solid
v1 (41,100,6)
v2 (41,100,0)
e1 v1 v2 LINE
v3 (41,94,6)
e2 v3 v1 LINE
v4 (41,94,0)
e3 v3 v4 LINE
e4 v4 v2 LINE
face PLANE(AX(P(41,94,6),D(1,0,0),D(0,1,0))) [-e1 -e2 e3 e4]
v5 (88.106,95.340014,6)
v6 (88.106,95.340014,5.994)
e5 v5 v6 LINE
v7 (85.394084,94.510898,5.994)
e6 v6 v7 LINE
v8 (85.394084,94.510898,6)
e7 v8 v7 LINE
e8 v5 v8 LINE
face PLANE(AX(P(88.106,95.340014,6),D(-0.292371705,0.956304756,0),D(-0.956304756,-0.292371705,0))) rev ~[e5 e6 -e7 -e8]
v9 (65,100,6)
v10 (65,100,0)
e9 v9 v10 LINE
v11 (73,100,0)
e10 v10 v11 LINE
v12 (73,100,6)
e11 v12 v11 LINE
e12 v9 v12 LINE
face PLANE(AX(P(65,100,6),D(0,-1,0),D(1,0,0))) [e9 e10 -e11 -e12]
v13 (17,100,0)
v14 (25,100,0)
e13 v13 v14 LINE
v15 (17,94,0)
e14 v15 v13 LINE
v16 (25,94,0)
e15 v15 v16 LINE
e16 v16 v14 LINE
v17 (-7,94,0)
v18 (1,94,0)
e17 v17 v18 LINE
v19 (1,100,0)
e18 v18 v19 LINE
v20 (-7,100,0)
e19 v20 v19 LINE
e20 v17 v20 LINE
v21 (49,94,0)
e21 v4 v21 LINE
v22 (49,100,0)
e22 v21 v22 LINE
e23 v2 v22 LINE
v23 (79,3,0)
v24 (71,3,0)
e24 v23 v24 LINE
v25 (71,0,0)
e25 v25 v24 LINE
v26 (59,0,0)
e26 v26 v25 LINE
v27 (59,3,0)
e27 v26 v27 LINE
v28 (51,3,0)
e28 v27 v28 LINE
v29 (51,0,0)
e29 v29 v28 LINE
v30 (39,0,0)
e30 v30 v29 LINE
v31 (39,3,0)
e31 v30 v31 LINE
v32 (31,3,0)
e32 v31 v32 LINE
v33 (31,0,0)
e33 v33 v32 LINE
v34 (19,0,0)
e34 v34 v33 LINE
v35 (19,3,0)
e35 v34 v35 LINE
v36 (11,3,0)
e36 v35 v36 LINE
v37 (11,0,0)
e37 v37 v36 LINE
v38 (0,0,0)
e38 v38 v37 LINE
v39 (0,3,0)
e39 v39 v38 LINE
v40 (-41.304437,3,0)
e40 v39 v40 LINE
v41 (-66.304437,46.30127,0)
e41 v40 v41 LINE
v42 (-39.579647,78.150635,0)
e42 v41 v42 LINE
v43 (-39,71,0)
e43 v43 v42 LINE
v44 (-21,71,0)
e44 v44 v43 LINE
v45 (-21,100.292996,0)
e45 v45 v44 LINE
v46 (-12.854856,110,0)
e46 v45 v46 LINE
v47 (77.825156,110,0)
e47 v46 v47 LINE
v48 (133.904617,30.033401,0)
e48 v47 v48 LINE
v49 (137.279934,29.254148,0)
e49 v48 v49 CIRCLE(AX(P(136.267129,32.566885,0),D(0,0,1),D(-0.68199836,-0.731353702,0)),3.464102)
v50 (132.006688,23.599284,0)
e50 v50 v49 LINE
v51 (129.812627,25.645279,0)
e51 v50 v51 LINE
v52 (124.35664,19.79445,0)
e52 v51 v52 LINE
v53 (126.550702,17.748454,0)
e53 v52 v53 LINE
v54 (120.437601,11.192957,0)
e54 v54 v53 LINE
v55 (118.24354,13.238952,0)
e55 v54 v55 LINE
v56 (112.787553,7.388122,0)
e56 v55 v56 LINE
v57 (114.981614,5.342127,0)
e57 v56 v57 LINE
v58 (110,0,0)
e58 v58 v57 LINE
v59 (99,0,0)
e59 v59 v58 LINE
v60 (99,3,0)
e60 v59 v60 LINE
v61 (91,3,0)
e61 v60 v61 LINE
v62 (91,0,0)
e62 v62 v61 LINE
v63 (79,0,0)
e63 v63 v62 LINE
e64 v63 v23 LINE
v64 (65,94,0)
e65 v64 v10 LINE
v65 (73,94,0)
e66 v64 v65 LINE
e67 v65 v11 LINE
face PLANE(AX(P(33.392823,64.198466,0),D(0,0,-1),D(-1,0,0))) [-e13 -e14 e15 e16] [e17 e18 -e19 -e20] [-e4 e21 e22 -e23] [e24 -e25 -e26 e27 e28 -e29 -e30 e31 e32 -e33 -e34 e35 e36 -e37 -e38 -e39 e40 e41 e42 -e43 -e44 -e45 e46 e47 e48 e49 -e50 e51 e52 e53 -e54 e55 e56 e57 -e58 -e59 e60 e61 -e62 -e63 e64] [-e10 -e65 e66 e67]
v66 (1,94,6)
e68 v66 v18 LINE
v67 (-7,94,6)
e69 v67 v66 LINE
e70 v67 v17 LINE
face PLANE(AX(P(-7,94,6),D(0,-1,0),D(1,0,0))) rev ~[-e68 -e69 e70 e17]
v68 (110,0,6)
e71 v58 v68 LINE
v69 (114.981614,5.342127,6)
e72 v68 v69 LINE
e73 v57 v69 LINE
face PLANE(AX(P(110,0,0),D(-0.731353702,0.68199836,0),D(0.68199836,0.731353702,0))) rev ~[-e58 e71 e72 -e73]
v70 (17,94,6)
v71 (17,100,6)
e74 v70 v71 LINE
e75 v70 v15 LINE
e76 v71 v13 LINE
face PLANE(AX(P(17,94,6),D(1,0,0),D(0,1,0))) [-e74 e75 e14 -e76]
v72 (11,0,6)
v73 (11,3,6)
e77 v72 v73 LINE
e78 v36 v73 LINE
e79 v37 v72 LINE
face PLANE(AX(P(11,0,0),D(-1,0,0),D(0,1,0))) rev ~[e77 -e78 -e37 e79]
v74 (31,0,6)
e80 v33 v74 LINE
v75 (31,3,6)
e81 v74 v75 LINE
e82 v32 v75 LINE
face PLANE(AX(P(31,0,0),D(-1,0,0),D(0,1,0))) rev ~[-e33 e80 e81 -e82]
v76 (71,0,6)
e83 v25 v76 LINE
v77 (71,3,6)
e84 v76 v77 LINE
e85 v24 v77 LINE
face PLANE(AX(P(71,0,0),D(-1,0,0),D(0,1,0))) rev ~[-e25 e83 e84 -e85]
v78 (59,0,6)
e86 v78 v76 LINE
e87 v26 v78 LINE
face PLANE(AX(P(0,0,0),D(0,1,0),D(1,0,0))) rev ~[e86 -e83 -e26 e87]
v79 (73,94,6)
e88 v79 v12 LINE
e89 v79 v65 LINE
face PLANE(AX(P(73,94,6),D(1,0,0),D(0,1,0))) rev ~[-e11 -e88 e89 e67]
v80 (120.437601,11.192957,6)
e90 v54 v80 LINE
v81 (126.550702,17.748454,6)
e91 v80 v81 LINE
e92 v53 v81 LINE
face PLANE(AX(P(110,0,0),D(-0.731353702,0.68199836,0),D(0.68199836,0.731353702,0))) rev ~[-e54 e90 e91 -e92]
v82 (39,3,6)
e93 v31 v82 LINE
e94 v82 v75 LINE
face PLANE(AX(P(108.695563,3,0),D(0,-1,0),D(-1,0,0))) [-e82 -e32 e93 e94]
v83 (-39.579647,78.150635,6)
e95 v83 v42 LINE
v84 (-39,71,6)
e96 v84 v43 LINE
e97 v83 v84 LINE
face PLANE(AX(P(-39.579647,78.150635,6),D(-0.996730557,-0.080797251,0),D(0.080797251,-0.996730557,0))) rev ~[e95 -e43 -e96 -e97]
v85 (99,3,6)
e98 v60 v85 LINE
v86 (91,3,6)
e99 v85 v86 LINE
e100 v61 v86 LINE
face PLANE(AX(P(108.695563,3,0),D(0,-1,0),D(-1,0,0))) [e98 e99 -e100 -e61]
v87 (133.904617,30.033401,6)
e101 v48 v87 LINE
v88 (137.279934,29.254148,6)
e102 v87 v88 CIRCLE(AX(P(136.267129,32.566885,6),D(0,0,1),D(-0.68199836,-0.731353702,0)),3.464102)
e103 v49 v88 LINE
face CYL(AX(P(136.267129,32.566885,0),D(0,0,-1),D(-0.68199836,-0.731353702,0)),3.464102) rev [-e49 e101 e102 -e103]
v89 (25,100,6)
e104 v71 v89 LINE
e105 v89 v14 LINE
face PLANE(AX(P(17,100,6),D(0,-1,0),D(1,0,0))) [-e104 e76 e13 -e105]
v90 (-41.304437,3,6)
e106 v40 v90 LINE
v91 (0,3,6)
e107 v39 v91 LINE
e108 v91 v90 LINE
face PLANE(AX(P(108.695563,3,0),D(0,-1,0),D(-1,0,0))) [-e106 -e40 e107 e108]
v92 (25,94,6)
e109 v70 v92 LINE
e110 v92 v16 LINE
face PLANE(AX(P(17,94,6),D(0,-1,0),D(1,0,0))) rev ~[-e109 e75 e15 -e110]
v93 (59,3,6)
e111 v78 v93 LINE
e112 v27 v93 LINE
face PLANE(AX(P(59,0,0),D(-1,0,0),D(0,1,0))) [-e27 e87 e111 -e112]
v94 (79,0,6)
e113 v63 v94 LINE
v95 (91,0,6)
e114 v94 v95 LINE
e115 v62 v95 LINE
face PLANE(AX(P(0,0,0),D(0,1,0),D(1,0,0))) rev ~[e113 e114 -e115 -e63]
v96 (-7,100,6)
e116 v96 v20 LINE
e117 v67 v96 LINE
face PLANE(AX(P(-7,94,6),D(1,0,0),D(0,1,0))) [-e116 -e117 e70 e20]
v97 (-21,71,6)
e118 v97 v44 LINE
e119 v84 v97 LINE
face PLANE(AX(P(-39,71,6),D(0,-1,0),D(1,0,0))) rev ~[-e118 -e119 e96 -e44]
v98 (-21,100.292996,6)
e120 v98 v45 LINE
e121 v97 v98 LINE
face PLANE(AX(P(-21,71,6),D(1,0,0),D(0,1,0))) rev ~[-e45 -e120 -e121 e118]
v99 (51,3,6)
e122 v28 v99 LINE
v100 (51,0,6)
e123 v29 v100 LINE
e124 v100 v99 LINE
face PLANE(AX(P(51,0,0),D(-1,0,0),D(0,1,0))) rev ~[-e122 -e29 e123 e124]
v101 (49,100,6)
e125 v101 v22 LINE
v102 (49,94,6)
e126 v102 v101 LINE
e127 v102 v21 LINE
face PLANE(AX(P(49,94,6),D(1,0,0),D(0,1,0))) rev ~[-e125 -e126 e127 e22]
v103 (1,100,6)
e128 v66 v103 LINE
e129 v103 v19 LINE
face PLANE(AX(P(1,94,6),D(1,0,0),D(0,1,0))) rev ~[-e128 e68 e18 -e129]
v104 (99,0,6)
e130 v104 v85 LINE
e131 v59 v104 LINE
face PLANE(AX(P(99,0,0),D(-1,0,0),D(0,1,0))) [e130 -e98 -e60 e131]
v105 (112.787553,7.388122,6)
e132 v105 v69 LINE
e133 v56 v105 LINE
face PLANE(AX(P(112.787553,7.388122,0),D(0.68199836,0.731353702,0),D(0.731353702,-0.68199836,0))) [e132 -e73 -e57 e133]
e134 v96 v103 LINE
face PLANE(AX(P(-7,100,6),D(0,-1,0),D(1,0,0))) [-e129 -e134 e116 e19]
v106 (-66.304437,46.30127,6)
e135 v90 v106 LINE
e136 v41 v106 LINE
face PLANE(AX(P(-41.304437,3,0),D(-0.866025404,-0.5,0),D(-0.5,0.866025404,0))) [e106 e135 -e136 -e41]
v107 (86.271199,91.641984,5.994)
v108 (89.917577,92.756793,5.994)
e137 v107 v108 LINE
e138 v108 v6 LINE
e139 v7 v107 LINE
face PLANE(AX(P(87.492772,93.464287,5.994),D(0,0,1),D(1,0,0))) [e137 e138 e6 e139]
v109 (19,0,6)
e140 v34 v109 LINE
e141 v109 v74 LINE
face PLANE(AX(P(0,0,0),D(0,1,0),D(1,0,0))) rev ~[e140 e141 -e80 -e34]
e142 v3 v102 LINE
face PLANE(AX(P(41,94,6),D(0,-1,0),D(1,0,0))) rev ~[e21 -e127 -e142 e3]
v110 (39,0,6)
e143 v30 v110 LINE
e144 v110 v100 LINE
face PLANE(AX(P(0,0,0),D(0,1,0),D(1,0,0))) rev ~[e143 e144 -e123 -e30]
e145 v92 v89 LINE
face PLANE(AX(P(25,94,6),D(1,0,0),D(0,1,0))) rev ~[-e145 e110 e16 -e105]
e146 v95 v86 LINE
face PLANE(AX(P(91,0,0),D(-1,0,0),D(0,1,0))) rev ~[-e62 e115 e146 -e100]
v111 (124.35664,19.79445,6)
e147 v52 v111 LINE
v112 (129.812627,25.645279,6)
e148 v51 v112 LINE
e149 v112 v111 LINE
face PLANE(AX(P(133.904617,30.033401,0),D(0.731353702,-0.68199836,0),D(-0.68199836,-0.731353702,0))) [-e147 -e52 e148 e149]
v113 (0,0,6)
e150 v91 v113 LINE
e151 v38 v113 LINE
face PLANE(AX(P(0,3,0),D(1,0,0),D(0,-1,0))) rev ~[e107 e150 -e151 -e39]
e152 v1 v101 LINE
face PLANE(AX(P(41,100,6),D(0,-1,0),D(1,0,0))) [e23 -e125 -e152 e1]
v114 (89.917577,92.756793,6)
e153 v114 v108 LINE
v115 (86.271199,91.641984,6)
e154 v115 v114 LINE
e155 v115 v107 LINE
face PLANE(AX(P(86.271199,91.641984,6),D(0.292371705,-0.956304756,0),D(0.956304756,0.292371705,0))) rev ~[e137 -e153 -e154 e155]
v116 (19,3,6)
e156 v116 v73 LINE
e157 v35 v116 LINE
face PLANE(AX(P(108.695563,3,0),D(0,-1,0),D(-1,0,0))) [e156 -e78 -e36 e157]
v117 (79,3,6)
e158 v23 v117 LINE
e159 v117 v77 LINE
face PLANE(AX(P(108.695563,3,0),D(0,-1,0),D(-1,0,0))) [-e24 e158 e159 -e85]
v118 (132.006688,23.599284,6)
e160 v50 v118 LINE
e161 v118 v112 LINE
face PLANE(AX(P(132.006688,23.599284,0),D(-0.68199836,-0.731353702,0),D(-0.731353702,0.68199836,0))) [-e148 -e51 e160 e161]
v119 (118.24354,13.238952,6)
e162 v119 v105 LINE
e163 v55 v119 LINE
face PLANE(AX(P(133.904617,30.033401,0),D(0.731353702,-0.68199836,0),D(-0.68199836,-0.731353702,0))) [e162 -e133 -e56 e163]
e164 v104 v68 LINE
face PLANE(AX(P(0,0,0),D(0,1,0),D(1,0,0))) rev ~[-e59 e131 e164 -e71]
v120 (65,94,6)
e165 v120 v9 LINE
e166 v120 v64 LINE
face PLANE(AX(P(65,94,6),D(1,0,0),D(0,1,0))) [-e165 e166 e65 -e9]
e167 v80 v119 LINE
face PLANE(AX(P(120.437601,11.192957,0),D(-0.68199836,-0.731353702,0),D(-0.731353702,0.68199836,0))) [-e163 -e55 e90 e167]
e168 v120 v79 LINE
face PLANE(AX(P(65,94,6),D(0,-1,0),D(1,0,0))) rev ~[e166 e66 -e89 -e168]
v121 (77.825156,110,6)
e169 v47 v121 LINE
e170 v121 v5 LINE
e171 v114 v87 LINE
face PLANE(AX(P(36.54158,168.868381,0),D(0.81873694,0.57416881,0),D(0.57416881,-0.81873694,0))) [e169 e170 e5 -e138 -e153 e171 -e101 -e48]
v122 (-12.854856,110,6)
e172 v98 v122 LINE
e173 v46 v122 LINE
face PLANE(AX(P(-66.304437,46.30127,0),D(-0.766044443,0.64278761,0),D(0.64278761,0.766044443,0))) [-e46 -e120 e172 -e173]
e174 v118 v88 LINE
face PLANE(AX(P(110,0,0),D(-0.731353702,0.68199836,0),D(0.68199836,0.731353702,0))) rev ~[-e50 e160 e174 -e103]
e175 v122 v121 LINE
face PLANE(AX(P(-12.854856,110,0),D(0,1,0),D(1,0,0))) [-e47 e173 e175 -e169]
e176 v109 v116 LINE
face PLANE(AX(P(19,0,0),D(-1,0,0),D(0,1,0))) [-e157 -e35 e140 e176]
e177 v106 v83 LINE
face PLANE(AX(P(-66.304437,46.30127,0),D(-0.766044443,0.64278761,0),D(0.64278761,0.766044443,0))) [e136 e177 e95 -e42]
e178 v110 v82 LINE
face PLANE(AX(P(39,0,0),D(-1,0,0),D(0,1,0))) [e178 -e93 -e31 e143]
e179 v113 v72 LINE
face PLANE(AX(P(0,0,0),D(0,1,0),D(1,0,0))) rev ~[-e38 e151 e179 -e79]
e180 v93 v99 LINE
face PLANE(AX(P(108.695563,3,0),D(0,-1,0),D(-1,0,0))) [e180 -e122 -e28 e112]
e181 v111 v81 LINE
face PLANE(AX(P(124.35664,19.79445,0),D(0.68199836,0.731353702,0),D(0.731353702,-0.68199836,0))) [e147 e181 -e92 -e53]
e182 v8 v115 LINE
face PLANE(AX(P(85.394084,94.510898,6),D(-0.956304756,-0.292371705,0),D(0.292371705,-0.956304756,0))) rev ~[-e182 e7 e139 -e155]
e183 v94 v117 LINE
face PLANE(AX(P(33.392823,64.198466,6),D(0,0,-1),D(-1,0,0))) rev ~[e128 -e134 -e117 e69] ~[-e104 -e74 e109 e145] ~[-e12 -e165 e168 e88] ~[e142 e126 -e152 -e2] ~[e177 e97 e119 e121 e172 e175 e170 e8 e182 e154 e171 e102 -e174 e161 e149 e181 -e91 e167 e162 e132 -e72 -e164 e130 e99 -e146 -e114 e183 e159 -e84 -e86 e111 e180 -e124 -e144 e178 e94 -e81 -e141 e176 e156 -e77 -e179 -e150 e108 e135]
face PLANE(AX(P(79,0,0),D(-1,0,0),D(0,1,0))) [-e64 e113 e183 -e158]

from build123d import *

# Parameters (mm, degrees)
BOSS_EXTRU_1_DEPTH      = 6
ESQUISSE3_W             = 8
ESQUISSE3_H             = 3
ENL_V_MAT_EXTRU_1_DEPTH = 6
BOSS_EXTRU_2_DEPTH      = 6
ENL_V_MAT_EXTRU_2_DEPTH = 6
ENL_V_MAT_EXTRU_3_DEPTH = 10
ESQUISSE9_W             = 8
ESQUISSE9_H             = 6
ENL_V_MAT_EXTRU_4_DEPTH = 6
ENL_V_MAT_EXTRU_5_DEPTH = 10
ENL_V_MAT_EXTRU_6_DEPTH = 0.006


with BuildPart() as part:
    # Esquisse1 → Boss.-Extru.1 (new body)
    with BuildSketch(Plane.XY):
        Polygon((0, 0), (110, 0), (137.279934402, 29.254148065), (105.119046883, 134.447671221), (102.250132615, 133.570556107), (133.904617487, 30.033401375), (108.695562875, 3), (0, 3), align=None)
    extrude(amount=BOSS_EXTRU_1_DEPTH)

    # Esquisse3 → Enlèv. mat.-Extru.1 (cut)
    with BuildSketch(Plane(origin=(0, 0, 0), x_dir=(-1, 0, 0), z_dir=(0, 0, -1))):
        with Locations((-15, 1.5)):
            Rectangle(ESQUISSE3_W, ESQUISSE3_H)
        with Locations((-35, 1.5)):
            Rectangle(ESQUISSE3_W, ESQUISSE3_H)
        with Locations((-55, 1.5)):
            Rectangle(ESQUISSE3_W, ESQUISSE3_H)
        with Locations((-75, 1.5)):
            Rectangle(ESQUISSE3_W, ESQUISSE3_H)
        with Locations((-95, 1.5)):
            Rectangle(ESQUISSE3_W, ESQUISSE3_H)
        Polygon((-112.787553035, 7.38812221), (-114.98161414, 5.34212713), (-120.437601021, 11.192956742), (-118.243539916, 13.238951823), align=None)
        Polygon((-124.356640446, 19.794449553), (-126.550701551, 17.748454473), (-132.006688432, 23.599284086), (-129.812627327, 25.645279166), align=None)
        Polygon((-107.805195005, 115.400765743), (-110.674109273, 116.277880857), (-108.335135635, 123.928318905), (-105.466221367, 123.051203791), align=None)
        Polygon((-112.981575907, 96.082249217), (-115.850490175, 96.959364332), (-113.511516537, 104.609802379), (-110.642602269, 103.732687265), align=None)
        Polygon((-118.157956809, 76.763732692), (-121.026871077, 77.640847806), (-118.687897439, 85.291285854), (-115.818983171, 84.414170739), align=None)
        Polygon((-123.334337711, 57.445216166), (-126.203251979, 58.32233128), (-123.864278341, 65.972769328), (-120.995364073, 65.095654214), align=None)
        Polygon((-128.510718613, 38.12669964), (-131.379632881, 39.003814754), (-129.040659243, 46.654252802), (-126.171744975, 45.777137688), align=None)
    extrude(amount=-ENL_V_MAT_EXTRU_1_DEPTH, mode=Mode.SUBTRACT)


with BuildPart() as enl_v_mat_extru_1_piece_1:
    # of the separate pieces the step leaves, piece 1, a body of its own (enl_v_mat_extru_1_pieces)
    add(part.part.solids().sort_by_distance((132.006688432, 23.599284086, 0))[0])



with BuildPart() as enl_v_mat_extru_1_piece_2:
    # of the separate pieces the step leaves, piece 2, a body of its own (enl_v_mat_extru_1_pieces)
    add(part.part.solids().sort_by_distance((99, 0, 0))[0])


with BuildPart() as enl_v_mat_extru_1_piece_3:
    # of the separate pieces the step leaves, piece 3, a body of its own (enl_v_mat_extru_1_pieces)
    add(part.part.solids().sort_by_distance((39, 0, 0))[0])


with BuildPart() as enl_v_mat_extru_1_piece_4:
    # of the separate pieces the step leaves, piece 4, a body of its own (enl_v_mat_extru_1_pieces)
    add(part.part.solids().sort_by_distance((19, 0, 0))[0])


with BuildPart() as enl_v_mat_extru_1_piece_5:
    # of the separate pieces the step leaves, piece 5, a body of its own (enl_v_mat_extru_1_pieces)
    add(part.part.solids().sort_by_distance((59, 0, 0))[0])


with BuildPart() as enl_v_mat_extru_1_piece_6:
    # of the separate pieces the step leaves, piece 6, a body of its own (enl_v_mat_extru_1_pieces)
    add(part.part.solids().sort_by_distance((79, 0, 0))[0])


with BuildPart() as enl_v_mat_extru_1_piece_7:
    # of the separate pieces the step leaves, piece 7, a body of its own (enl_v_mat_extru_1_pieces)
    add(part.part.solids().sort_by_distance((0, 0, 0))[0])


with BuildPart() as enl_v_mat_extru_1_piece_8:
    # of the separate pieces the step leaves, piece 8, a body of its own (enl_v_mat_extru_1_pieces)
    add(part.part.solids().sort_by_distance((108.335135635, 123.928318905, 0))[0])


with BuildPart() as enl_v_mat_extru_1_piece_9:
    # of the separate pieces the step leaves, piece 9, a body of its own (enl_v_mat_extru_1_pieces)
    add(part.part.solids().sort_by_distance((120.437601021, 11.192956742, 0))[0])


with BuildPart() as enl_v_mat_extru_1_piece_1_1:
    add(enl_v_mat_extru_1_piece_1.part)

    add(enl_v_mat_extru_1_piece_2.part)  # Boss.-Extru.2 merges Enlèv. mat.-Extru.1 piece 2

    add(enl_v_mat_extru_1_piece_3.part)  # Boss.-Extru.2 merges Enlèv. mat.-Extru.1 piece 3

    add(enl_v_mat_extru_1_piece_4.part)  # Boss.-Extru.2 merges Enlèv. mat.-Extru.1 piece 4

    add(enl_v_mat_extru_1_piece_5.part)  # Boss.-Extru.2 merges Enlèv. mat.-Extru.1 piece 5

    add(enl_v_mat_extru_1_piece_6.part)  # Boss.-Extru.2 merges Enlèv. mat.-Extru.1 piece 6

    add(enl_v_mat_extru_1_piece_7.part)  # Boss.-Extru.2 merges Enlèv. mat.-Extru.1 piece 7

    add(enl_v_mat_extru_1_piece_9.part)  # Boss.-Extru.2 merges Enlèv. mat.-Extru.1 piece 9
    # Esquisse4 → Boss.-Extru.2 (add)
    with BuildSketch(Plane(origin=(0, 0, 0), x_dir=(-1, 0, 0), z_dir=(0, 0, -1))):
        Polygon((-39, 3), (0, 3), (41.304437125, 3), (66.304437125, 46.301270189), (-36.541580425, 168.868381088), (-133.904617487, 30.033401375), (-108.695562875, 3), (-51, 3), align=None)
    extrude(amount=-BOSS_EXTRU_2_DEPTH)


with BuildPart() as enl_v_mat_extru_2_tool:
    # Esquisse7 → Enlèv. mat.-Extru.2 (new body)
    with BuildSketch(Plane(origin=(0, 0, 0), x_dir=(-1, 0, 0), z_dir=(0, 0, -1))):
        with BuildLine():
            Line((-137.279934402, 29.254148065), (-105.119046883, 134.447671221))
            Line((-105.119046883, 134.447671221), (-102.250132615, 133.570556107))
            Line((-102.250132615, 133.570556107), (-133.904617487, 30.033401375))
            ThreePointArc((-133.904617487, 30.033401375), (-135.487875797, 29.191567999), (-137.279934402, 29.254148065))
        make_face()
    extrude(amount=-ENL_V_MAT_EXTRU_2_DEPTH)


with BuildPart() as enl_v_mat_extru_1_piece_1_2:
    add(enl_v_mat_extru_1_piece_1_1.part)

    # Enlèv. mat.-Extru.2: cut by enl_v_mat_extru_2_tool
    add(enl_v_mat_extru_2_tool.part, mode=Mode.SUBTRACT)

    # Esquisse8 → Enlèv. mat.-Extru.3 (cut)
    with BuildSketch(Plane(origin=(0, 0, 0), x_dir=(-1, 0, 0), z_dir=(0, 0, -1))):
        Polygon((12.854856434, 110), (-77.825155944, 110), (-36.541580425, 168.868381088), align=None)
    extrude(amount=-ENL_V_MAT_EXTRU_3_DEPTH, mode=Mode.SUBTRACT)

    # Esquisse9 → Enlèv. mat.-Extru.4 (cut)
    with BuildSketch(Plane.XY.offset(6)):
        with Locations((69, 97)):
            Rectangle(ESQUISSE9_W, ESQUISSE9_H)
        with Locations((45, 97)):
            Rectangle(ESQUISSE9_W, ESQUISSE9_H)
        with Locations((21, 97)):
            Rectangle(ESQUISSE9_W, ESQUISSE9_H)
        with Locations((-3, 97)):
            Rectangle(ESQUISSE9_W, ESQUISSE9_H)
    extrude(amount=-ENL_V_MAT_EXTRU_4_DEPTH, mode=Mode.SUBTRACT)

    # Esquisse10 → Enlèv. mat.-Extru.5 (cut)
    with BuildSketch(Plane.XY.offset(6)):
        Polygon((-21, 71), (-21, 100.292995893), (-39.57964678, 78.150635095), (-39, 71), align=None)
    extrude(amount=-ENL_V_MAT_EXTRU_5_DEPTH, mode=Mode.SUBTRACT)

    # Esquisse11 → Enlèv. mat.-Extru.6 (cut)
    with BuildSketch(Plane.XY.offset(6)):
        Polygon((86.271198829, 91.64198356), (89.917576683, 92.756793146), (88.105999998, 95.340013841), (85.394083714, 94.510897828), align=None)
    extrude(amount=-ENL_V_MAT_EXTRU_6_DEPTH, mode=Mode.SUBTRACT)


with BuildPart() as enl_v_mat_extru_1_piece_8_1:
    add(enl_v_mat_extru_1_piece_8.part)

    # Enlèv. mat.-Extru.2: cut by enl_v_mat_extru_2_tool
    add(enl_v_mat_extru_2_tool.part, mode=Mode.SUBTRACT)


solid = enl_v_mat_extru_1_piece_1_2.part
